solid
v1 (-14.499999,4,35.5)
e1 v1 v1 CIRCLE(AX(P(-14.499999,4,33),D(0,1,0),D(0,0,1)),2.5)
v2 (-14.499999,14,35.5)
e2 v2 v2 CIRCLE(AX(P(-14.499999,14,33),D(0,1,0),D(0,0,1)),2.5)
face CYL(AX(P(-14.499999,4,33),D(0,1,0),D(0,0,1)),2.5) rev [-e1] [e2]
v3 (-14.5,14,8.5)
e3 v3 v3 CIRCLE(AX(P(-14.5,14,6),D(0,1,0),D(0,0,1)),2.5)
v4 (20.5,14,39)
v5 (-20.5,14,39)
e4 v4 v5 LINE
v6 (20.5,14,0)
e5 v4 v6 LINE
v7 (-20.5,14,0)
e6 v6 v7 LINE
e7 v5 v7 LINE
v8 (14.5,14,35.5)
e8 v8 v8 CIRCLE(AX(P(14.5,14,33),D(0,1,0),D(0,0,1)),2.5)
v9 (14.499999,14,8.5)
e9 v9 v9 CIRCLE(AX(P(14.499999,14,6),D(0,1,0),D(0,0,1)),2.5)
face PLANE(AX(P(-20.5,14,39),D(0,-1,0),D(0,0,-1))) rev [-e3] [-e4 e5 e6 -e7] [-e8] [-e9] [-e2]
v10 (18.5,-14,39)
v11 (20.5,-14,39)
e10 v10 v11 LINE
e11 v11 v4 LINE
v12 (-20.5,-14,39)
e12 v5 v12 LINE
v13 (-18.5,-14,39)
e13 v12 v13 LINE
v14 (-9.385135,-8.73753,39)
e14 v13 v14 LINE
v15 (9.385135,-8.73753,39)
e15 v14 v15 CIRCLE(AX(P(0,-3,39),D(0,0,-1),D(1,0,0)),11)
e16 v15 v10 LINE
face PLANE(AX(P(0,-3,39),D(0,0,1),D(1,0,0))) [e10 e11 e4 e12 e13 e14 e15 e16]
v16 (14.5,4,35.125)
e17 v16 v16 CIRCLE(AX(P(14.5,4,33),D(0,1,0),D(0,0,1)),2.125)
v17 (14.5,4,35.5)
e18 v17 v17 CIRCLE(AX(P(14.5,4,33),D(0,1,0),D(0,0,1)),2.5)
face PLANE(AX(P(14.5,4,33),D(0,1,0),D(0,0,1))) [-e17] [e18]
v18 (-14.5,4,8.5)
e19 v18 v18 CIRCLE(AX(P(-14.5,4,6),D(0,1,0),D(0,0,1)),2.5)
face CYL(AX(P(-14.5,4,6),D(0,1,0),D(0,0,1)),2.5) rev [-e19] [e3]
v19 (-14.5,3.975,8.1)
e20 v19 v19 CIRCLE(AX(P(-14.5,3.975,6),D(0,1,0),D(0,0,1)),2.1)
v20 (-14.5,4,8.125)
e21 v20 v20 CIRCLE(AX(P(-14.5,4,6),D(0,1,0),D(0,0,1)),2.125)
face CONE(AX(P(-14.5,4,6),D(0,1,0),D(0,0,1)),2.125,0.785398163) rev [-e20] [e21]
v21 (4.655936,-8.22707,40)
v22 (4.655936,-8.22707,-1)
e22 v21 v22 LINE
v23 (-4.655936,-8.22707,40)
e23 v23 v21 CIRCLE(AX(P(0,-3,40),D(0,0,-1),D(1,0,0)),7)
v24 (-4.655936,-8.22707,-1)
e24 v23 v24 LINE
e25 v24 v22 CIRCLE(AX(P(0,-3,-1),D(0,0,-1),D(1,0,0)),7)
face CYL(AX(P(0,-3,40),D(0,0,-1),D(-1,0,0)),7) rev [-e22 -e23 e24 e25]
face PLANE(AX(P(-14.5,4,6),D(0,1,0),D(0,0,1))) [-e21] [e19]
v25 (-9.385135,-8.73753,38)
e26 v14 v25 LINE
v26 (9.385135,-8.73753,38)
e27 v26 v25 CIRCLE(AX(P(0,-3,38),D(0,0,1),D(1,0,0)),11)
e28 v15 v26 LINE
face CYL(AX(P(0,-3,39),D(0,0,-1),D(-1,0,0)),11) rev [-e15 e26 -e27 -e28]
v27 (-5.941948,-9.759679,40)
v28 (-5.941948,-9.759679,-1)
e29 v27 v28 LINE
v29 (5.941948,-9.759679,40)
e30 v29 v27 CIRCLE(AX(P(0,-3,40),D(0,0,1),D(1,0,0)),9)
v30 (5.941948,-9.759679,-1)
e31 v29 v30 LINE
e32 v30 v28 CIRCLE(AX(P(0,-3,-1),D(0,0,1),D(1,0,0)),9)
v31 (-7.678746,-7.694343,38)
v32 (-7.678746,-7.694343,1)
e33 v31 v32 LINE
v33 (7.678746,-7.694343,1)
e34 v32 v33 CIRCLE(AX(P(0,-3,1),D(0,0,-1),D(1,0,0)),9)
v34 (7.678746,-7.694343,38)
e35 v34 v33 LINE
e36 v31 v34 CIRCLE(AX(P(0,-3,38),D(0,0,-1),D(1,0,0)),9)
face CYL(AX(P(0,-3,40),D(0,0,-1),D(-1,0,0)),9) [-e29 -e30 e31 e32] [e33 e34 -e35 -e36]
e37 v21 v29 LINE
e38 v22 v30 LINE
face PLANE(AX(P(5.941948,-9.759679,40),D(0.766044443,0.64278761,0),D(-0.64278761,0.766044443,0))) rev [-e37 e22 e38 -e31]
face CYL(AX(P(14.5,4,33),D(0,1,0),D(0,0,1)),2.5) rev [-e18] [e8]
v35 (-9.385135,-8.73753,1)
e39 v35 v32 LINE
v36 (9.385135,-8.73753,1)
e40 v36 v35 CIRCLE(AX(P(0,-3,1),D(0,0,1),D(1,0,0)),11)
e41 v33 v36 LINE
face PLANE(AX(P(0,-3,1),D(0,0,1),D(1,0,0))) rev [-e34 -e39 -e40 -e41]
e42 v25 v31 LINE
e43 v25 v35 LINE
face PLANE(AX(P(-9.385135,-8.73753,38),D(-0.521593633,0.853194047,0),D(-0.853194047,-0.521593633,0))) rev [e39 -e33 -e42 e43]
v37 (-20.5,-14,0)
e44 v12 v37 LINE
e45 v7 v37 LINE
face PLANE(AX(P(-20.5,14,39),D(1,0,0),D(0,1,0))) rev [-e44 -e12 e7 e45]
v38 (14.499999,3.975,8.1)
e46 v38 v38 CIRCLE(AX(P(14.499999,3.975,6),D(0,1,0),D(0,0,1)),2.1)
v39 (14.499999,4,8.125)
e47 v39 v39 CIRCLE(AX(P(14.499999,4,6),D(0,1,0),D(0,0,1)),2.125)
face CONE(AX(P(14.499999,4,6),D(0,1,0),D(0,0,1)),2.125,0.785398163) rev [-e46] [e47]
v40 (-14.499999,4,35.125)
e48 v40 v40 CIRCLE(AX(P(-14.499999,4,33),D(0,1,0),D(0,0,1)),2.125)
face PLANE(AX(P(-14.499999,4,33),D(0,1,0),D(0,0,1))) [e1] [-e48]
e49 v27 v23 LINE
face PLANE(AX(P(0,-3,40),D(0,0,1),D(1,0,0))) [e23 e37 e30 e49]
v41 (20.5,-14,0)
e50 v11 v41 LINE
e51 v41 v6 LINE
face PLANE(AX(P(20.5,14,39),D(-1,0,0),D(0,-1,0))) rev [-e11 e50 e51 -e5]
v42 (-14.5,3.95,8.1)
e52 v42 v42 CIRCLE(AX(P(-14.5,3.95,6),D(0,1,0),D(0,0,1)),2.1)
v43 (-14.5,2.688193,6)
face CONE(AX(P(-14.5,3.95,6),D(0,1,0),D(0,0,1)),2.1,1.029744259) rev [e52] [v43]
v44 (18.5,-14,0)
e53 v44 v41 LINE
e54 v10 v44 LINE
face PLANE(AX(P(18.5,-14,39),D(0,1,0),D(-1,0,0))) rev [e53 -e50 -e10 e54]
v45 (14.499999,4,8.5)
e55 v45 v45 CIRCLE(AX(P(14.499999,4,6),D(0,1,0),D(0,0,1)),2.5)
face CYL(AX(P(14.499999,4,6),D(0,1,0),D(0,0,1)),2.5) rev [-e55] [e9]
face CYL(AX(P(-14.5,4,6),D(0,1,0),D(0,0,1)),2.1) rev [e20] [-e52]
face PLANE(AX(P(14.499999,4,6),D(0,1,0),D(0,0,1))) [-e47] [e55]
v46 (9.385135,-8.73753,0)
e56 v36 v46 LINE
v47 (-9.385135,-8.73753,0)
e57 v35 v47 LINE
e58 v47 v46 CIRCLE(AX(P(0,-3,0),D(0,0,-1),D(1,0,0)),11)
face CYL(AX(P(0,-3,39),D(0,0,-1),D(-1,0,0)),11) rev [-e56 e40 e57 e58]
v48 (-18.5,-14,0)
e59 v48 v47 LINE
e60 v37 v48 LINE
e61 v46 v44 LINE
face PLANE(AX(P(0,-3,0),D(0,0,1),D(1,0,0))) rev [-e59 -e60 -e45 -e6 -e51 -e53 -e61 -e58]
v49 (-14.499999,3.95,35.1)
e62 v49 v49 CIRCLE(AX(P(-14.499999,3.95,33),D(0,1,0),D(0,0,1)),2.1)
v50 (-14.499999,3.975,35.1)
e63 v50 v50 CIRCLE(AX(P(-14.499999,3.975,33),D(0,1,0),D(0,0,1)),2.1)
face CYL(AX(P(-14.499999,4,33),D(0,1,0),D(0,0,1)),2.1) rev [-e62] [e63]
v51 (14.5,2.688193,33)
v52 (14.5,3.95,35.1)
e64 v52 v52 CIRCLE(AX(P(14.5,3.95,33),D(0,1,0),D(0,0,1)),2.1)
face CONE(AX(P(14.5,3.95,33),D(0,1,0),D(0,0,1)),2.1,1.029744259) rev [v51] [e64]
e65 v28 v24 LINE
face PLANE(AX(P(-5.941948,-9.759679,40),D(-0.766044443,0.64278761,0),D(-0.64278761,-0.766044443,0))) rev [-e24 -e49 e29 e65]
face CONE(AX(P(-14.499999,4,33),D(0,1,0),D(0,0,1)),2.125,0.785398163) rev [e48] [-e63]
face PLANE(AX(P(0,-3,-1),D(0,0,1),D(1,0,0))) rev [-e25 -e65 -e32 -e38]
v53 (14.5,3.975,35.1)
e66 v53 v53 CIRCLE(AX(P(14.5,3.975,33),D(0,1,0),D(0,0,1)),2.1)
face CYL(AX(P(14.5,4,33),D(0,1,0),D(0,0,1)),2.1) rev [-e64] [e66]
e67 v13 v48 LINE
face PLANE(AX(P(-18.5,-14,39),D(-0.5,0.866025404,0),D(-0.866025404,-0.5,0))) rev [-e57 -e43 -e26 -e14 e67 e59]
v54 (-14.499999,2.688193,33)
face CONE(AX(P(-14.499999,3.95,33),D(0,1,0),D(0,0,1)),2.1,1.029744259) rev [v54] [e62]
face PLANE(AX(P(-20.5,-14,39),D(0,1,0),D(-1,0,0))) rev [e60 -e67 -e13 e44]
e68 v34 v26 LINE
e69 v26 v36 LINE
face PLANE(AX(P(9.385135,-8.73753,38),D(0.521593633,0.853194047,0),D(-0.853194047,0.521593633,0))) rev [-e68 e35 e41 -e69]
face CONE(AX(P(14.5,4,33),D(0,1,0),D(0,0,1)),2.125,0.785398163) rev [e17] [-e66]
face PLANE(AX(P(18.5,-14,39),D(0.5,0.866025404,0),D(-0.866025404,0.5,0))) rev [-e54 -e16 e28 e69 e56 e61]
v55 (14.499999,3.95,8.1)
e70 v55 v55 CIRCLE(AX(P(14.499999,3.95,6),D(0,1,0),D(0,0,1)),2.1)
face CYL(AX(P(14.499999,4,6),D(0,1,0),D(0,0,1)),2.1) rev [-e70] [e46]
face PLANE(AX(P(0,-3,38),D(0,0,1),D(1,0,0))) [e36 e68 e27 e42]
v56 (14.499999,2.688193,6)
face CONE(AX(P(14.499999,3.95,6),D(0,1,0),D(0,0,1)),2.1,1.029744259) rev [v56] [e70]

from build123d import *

# Parameters (mm, degrees)
BOSS_EXTRUDE1_DEPTH                  = 39
BOSS_EXTRUDE3_START                  = 1
BOSS_EXTRUDE3_DEPTH                  = 37
BOSS_EXTRUDE4_START                  = -1
BOSS_EXTRUDE4_DEPTH                  = 41
SKETCH4_R                            = 2.5
CUT_EXTRUDE1_DEPTH                   = 10
TAP_DRILL_FOR_M5X0_8_TAP1_AT_2_COUNT = 2
TAP_DRILL_FOR_M5X0_8_TAP1_AT_2_PITCH = 27
TAP_DRILL_FOR_M5X0_8_TAP1_AT_3_COUNT = 2
TAP_DRILL_FOR_M5X0_8_TAP1_AT_3_PITCH = 39.623223611
TAP_DRILL_FOR_M5X0_8_TAP1_AT_4_COUNT = 2
TAP_DRILL_FOR_M5X0_8_TAP1_AT_4_PITCH = 28.999998701


with BuildPart() as part:
    # Sketch1 → Boss-Extrude1 (new body)
    with BuildSketch(Plane.XY):
        with BuildLine():
            Line((-20.5, 14), (20.5, 14))
            Line((20.5, 14), (20.5, -14))
            Line((20.5, -14), (18.5, -14))
            Line((18.5, -14), (9.385134519, -8.737529961))
            ThreePointArc((9.385134519, -8.737529961), (0, 8), (-9.385134519, -8.737529961))
            Line((-9.385134519, -8.737529961), (-18.5, -14))
            Line((-18.5, -14), (-20.5, -14))
            Line((-20.5, -14), (-20.5, 14))
        make_face()
    extrude(amount=BOSS_EXTRUDE1_DEPTH)



with BuildPart() as body_2:
    # Sketch2 → Boss-Extrude3 (new body)
    with BuildSketch(Plane.XY.offset(BOSS_EXTRUDE3_START)):
        with BuildLine():
            Line((-9.385134519, -8.737529961), (-7.678746425, -7.694342695))
            ThreePointArc((-7.678746425, -7.694342695), (0, 6), (7.678746425, -7.694342695))
            Line((7.678746425, -7.694342695), (9.385134519, -8.737529961))
            ThreePointArc((9.385134519, -8.737529961), (0, 8), (-9.385134519, -8.737529961))
        make_face()
    extrude(amount=BOSS_EXTRUDE3_DEPTH)


with BuildPart() as part_1:
    add(part.part)

    add(body_2.part)  # Boss-Extrude4 merges body 2
    # Sketch3 → Boss-Extrude4 (add)
    with BuildSketch(Plane.XY.offset(BOSS_EXTRUDE4_START)):
        with BuildLine():
            Line((-5.9419479, -9.759678628), (-4.655936286, -8.227069666))
            ThreePointArc((-4.655936286, -8.227069666), (0, 4), (4.655936286, -8.227069666))
            Line((4.655936286, -8.227069666), (5.9419479, -9.759678628))
            ThreePointArc((5.9419479, -9.759678628), (0, 6), (-5.9419479, -9.759678628))
        make_face()
    extrude(amount=BOSS_EXTRUDE4_DEPTH)

    # Sketch4 → Cut-Extrude1 (cut)
    with BuildSketch(Plane(origin=(0, 14, 0), x_dir=(1, 0, 0), z_dir=(0, 1, 0))):
        with Locations(Location((-14.5, -6, 0), (0, 0, 270))):
            Circle(SKETCH4_R)
        with Locations(Location((14.499998701, -6, 0), (0, 0, 270))):
            Circle(SKETCH4_R)
        with Locations(Location((14.5, -33, 0), (0, 0, 270))):
            Circle(SKETCH4_R)
        with Locations(Location((-14.499998701, -33, 0), (0, 0, 270))):
            Circle(SKETCH4_R)
    extrude(amount=-CUT_EXTRUDE1_DEPTH, mode=Mode.SUBTRACT)

    # Sketch8 → Tap Drill for M5x0.8 Tap1 (revolve, cut)
    with BuildSketch(Plane(origin=(-14.499998701, 4, 33), x_dir=(0, 0, 1), z_dir=(1, 0, 0))):
        Polygon((0, 0), (0, 1.3118073), (2.1, 0.05), (2.1, 0.025), (2.125, 0), align=None)
    tap_drill_for_m5x0_8_tap1 = revolve(axis=Axis((-14.499998701, 10.35, 33), (0, -1, 0)), mode=Mode.SUBTRACT)

    # Tap Drill for M5x0.8 Tap1 at 2: Tap Drill for M5x0.8 Tap1 ×2
    with Locations(*[(0, 0, -i * TAP_DRILL_FOR_M5X0_8_TAP1_AT_2_PITCH) for i in range(1, TAP_DRILL_FOR_M5X0_8_TAP1_AT_2_COUNT)]):
        add(tap_drill_for_m5x0_8_tap1, mode=Mode.SUBTRACT)

    # Tap Drill for M5x0.8 Tap1 at 3: Tap Drill for M5x0.8 Tap1 ×2
    with Locations(*[Vector(0.7318939439938763, 0, -0.6814185606109426) * (i * TAP_DRILL_FOR_M5X0_8_TAP1_AT_3_PITCH) for i in range(1, TAP_DRILL_FOR_M5X0_8_TAP1_AT_3_COUNT)]):
        add(tap_drill_for_m5x0_8_tap1, mode=Mode.SUBTRACT)

    # Tap Drill for M5x0.8 Tap1 at 4: Tap Drill for M5x0.8 Tap1 ×2
    with Locations(*[(i * TAP_DRILL_FOR_M5X0_8_TAP1_AT_4_PITCH, 0, 0) for i in range(1, TAP_DRILL_FOR_M5X0_8_TAP1_AT_4_COUNT)]):
        add(tap_drill_for_m5x0_8_tap1, mode=Mode.SUBTRACT)


solid = part_1.part
